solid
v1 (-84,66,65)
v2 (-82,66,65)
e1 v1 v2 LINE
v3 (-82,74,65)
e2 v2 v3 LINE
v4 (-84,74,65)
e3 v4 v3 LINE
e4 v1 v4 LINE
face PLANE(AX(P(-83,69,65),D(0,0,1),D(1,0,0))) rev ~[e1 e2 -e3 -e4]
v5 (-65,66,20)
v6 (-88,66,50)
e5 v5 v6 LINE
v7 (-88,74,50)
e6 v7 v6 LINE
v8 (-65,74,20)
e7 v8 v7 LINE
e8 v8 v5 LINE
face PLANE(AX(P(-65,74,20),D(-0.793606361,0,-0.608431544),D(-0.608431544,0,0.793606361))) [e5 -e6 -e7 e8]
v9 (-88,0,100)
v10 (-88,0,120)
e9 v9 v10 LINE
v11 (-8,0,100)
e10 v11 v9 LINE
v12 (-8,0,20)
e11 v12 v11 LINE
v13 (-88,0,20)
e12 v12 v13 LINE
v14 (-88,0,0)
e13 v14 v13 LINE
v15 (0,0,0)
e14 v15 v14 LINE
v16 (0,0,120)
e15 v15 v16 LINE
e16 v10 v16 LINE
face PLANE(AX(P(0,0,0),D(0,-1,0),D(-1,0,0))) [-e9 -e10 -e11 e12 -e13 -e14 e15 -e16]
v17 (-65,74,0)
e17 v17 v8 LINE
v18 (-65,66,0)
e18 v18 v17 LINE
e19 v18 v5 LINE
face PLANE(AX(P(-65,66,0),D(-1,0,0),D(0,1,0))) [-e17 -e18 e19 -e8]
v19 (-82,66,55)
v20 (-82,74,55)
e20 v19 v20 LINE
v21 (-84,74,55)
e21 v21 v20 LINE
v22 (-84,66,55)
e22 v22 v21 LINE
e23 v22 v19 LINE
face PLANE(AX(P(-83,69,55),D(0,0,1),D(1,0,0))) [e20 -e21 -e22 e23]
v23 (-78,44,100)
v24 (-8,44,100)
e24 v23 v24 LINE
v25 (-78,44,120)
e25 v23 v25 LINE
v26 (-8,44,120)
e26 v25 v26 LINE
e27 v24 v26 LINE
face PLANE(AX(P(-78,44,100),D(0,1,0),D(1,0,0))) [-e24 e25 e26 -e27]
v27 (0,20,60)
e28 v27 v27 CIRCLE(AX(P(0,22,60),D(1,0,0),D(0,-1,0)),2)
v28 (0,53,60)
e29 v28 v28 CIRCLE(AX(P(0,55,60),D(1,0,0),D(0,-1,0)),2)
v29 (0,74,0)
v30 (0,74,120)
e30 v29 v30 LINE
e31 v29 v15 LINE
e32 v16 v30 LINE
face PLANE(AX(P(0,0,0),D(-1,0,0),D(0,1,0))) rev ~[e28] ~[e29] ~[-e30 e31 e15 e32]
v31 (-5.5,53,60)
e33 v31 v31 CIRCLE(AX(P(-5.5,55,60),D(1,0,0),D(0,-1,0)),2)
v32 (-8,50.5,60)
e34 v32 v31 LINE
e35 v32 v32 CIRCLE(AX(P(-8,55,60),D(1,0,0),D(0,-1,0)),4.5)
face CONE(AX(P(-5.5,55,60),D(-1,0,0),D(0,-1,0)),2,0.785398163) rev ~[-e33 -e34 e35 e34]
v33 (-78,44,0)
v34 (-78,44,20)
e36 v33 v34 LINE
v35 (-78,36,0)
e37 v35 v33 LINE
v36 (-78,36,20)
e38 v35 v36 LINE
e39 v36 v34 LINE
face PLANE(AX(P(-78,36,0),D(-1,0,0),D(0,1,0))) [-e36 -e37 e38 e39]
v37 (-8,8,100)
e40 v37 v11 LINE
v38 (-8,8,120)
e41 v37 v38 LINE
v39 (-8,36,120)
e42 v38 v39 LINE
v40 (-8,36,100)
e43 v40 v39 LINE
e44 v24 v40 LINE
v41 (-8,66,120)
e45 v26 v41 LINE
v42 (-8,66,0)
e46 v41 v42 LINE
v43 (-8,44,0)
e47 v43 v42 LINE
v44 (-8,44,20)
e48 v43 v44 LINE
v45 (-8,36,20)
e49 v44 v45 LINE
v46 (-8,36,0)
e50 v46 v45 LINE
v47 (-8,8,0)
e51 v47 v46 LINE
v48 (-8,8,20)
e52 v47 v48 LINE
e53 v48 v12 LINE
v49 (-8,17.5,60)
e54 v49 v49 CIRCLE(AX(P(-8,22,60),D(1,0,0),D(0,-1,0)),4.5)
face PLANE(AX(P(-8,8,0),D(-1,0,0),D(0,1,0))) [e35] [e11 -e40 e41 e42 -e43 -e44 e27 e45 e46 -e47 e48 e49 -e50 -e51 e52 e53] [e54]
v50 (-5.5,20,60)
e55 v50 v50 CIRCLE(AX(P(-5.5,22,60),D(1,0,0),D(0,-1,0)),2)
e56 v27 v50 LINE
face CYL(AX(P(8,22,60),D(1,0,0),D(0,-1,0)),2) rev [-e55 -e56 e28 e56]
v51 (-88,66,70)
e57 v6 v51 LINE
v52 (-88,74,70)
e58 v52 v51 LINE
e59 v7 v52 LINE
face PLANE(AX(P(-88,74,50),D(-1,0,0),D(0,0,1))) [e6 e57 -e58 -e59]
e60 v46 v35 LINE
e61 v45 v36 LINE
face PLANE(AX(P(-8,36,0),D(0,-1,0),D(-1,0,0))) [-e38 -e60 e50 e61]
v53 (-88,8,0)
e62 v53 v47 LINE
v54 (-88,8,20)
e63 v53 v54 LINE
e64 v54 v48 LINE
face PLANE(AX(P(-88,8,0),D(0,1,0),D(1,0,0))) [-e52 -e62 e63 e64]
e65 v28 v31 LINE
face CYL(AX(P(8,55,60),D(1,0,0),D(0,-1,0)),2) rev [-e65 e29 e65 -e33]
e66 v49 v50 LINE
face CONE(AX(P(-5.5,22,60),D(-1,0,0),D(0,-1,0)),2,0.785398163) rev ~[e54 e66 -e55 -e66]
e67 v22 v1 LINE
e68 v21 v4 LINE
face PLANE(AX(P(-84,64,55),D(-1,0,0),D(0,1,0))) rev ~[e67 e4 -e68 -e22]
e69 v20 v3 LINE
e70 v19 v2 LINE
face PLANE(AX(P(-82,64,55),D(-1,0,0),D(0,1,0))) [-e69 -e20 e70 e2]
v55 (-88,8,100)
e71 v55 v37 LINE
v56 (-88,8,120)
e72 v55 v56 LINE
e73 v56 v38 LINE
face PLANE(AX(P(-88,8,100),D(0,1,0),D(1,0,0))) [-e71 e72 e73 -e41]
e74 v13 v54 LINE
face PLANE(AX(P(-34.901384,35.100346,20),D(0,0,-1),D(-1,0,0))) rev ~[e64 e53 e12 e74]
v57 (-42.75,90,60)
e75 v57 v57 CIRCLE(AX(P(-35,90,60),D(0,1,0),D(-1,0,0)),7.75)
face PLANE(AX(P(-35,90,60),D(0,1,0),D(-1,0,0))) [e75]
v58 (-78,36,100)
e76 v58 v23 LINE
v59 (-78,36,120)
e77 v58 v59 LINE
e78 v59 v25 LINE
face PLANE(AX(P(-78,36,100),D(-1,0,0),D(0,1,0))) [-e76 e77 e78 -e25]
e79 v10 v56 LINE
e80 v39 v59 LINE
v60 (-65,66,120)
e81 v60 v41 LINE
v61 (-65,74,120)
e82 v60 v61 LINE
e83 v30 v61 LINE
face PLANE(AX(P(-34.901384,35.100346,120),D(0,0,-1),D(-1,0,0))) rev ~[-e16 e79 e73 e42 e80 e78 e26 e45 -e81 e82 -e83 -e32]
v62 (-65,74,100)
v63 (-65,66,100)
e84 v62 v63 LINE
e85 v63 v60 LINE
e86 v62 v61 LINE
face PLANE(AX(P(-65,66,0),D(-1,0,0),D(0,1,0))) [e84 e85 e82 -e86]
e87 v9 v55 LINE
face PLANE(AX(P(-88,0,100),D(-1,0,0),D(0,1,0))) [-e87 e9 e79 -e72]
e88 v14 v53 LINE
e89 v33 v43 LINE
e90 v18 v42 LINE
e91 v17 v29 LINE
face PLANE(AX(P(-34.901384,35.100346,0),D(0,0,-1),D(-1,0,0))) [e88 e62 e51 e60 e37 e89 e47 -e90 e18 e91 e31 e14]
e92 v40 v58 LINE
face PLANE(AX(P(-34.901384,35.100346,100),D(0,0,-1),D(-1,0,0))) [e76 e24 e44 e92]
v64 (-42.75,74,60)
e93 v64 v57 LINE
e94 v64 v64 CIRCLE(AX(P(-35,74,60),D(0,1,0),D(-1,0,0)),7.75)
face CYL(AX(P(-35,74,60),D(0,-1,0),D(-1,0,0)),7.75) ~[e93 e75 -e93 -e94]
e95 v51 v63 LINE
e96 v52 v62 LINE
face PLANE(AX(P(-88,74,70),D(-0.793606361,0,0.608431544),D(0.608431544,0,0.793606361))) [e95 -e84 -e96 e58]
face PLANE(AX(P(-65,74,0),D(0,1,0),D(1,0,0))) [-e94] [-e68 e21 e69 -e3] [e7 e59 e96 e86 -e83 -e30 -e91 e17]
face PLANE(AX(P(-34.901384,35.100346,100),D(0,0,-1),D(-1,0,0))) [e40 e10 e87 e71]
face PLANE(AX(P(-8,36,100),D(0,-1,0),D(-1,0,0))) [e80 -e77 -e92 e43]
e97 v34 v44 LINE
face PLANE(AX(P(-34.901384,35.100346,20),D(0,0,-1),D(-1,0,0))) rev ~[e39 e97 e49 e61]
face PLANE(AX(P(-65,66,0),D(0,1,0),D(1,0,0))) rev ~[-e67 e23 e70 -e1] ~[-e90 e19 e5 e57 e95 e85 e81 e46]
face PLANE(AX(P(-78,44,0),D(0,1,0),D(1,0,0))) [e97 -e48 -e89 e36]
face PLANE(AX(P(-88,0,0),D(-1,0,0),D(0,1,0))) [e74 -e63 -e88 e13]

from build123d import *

# Parameters (mm, degrees)
SKETCH005_R         = 2
EXTRUDE002_DEPTH    = 20
SKETCH002_R         = 7.75
EXTRUDE_DEPTH       = 16
BOX_W               = 8
BOX_H               = 74
BOX_DEPTH           = 120
PAD001_DEPTH        = 20
PAD_DEPTH           = 20
HOLE_D              = 4.4
HOLE_CBORE_D        = 8
HOLE_CBORE_DEPTH    = 2.4
HOLE001_D           = 1.75
HOLE001_CBORE_D     = 3.2
HOLE001_CBORE_DEPTH = 0.96
BOX001_W            = 65
BOX001_H            = 8
BOX001_DEPTH        = 120
BOX002_W            = 2
BOX002_H            = 10
BOX002_DEPTH        = 10
EXTRUDE001_DEPTH    = 8
CHAMFER_SIZE        = 2.5


with BuildPart() as extrude002:
    # Sketch005 (on Face21 of Fusion001) → Extrude002 (new body)
    with BuildSketch(Plane(origin=(-8, 0, 0), x_dir=(0, -1, 0), z_dir=(-1, 0, 0))):
        with Locations((-55, 60)):
            Circle(SKETCH005_R)
        with Locations((-22, 60)):
            Circle(SKETCH005_R)
    extrude(amount=EXTRUDE002_DEPTH)


with BuildPart() as extrude002_1:
    # Extrude002 placement: moved
    add(extrude002.part.moved(Location((16, 0, 0))))


with BuildPart() as extrude_body:
    # Sketch002 (on Face9 of Fusion) → Extrude (new body)
    with BuildSketch(Plane(origin=(0, 74, 0), x_dir=(-1, 0, 0), z_dir=(0, 1, 0))):
        with Locations((35, 60)):
            Circle(SKETCH002_R)
    extrude(amount=EXTRUDE_DEPTH)


with BuildPart() as cube:
    # Box → Box (new body)
    with BuildSketch(Plane(origin=(-8, 0, 0), x_dir=(1, 0, 0), z_dir=(0, 0, 1))):
        with Locations((4, 37)):
            Rectangle(BOX_W, BOX_H)
    extrude(amount=BOX_DEPTH)


with BuildPart() as body001:
    # Sketch001 → Pad001 (new body)
    with BuildSketch(Plane.XY):
        Polygon((-88, 8), (-8, 8), (-8, 36), (-78, 36), (-78, 44), (-8, 44), (-8, 66), (-65, 66), (-65, 74), (0, 74), (0, 0), (-88, 0), align=None)
    extrude(amount=PAD001_DEPTH)


with BuildPart() as body001_1:
    # Body001 placement: moved
    add(body001.part.moved(Location((0, 0, 100))))


with BuildPart() as body:
    # Sketch → Pad (new body)
    with BuildSketch(Plane.XY):
        Polygon((-88, 8), (-8, 8), (-8, 36), (-78, 36), (-78, 44), (-8, 44), (-8, 66), (-65, 66), (-65, 74), (0, 74), (0, 0), (-88, 0), align=None)
    extrude(amount=PAD_DEPTH)

    # Hole (through all)
    with Locations(Plane(origin=(-8, 0, 0), x_dir=(0, -1, 0), z_dir=(-1, 0, 0))):
        with Locations((-55, 60), (-22, 60)):
            CounterBoreHole(HOLE_D / 2, HOLE_CBORE_D / 2, HOLE_CBORE_DEPTH)

    # Hole001 (through all)
    with Locations(Plane(origin=(-8, 0, 0), x_dir=(0, -1, 0), z_dir=(-1, 0, 0))):
        with Locations((-55, 60), (-22, 60)):
            CounterBoreHole(HOLE001_D / 2, HOLE001_CBORE_D / 2, HOLE001_CBORE_DEPTH)


with BuildPart() as fusion:
    # Box001 → Box001 (new body)
    with BuildSketch(Plane(origin=(-65, 66, 0), x_dir=(1, 0, 0), z_dir=(0, 0, 1))):
        with Locations((32.5, 4)):
            Rectangle(BOX001_W, BOX001_H)
    extrude(amount=BOX001_DEPTH)

    # Fusion: union Cube, Body001, Body
    add(cube.part)
    add(body001_1.part)
    add(body.part)


with BuildPart() as cube002:
    # Box002 → Box002 (new body)
    with BuildSketch(Plane(origin=(-84, 64, 55), x_dir=(1, 0, 0), z_dir=(0, 0, 1))):
        with Locations((1, 5)):
            Rectangle(BOX002_W, BOX002_H)
    extrude(amount=BOX002_DEPTH)


with BuildPart() as chamfer_body:
    # Sketch003 (on Face9 of Fusion) → Extrude001 (new body)
    with BuildSketch(Plane(origin=(0, 74, 0), x_dir=(-1, 0, 0), z_dir=(0, 1, 0))):
        Polygon((65, 100), (65, 20), (88, 50), (88, 70), align=None)
    extrude(amount=-EXTRUDE001_DEPTH)

    # Cut: cut Cube002
    add(cube002.part, mode=Mode.SUBTRACT)

    # Fusion001: union Extrude body, Fusion
    add(extrude_body.part)
    add(fusion.part)

    # Cut001: cut Extrude002
    add(extrude002_1.part, mode=Mode.SUBTRACT)

    # Chamfer
    chamfer_edges = [chamfer_body.edges().sort_by_distance(p)[0] for p in [
        (-8, 24, 60),
        (-8, 57, 60),
    ]]
    chamfer(chamfer_edges, length=CHAMFER_SIZE)


solid = chamfer_body.part
